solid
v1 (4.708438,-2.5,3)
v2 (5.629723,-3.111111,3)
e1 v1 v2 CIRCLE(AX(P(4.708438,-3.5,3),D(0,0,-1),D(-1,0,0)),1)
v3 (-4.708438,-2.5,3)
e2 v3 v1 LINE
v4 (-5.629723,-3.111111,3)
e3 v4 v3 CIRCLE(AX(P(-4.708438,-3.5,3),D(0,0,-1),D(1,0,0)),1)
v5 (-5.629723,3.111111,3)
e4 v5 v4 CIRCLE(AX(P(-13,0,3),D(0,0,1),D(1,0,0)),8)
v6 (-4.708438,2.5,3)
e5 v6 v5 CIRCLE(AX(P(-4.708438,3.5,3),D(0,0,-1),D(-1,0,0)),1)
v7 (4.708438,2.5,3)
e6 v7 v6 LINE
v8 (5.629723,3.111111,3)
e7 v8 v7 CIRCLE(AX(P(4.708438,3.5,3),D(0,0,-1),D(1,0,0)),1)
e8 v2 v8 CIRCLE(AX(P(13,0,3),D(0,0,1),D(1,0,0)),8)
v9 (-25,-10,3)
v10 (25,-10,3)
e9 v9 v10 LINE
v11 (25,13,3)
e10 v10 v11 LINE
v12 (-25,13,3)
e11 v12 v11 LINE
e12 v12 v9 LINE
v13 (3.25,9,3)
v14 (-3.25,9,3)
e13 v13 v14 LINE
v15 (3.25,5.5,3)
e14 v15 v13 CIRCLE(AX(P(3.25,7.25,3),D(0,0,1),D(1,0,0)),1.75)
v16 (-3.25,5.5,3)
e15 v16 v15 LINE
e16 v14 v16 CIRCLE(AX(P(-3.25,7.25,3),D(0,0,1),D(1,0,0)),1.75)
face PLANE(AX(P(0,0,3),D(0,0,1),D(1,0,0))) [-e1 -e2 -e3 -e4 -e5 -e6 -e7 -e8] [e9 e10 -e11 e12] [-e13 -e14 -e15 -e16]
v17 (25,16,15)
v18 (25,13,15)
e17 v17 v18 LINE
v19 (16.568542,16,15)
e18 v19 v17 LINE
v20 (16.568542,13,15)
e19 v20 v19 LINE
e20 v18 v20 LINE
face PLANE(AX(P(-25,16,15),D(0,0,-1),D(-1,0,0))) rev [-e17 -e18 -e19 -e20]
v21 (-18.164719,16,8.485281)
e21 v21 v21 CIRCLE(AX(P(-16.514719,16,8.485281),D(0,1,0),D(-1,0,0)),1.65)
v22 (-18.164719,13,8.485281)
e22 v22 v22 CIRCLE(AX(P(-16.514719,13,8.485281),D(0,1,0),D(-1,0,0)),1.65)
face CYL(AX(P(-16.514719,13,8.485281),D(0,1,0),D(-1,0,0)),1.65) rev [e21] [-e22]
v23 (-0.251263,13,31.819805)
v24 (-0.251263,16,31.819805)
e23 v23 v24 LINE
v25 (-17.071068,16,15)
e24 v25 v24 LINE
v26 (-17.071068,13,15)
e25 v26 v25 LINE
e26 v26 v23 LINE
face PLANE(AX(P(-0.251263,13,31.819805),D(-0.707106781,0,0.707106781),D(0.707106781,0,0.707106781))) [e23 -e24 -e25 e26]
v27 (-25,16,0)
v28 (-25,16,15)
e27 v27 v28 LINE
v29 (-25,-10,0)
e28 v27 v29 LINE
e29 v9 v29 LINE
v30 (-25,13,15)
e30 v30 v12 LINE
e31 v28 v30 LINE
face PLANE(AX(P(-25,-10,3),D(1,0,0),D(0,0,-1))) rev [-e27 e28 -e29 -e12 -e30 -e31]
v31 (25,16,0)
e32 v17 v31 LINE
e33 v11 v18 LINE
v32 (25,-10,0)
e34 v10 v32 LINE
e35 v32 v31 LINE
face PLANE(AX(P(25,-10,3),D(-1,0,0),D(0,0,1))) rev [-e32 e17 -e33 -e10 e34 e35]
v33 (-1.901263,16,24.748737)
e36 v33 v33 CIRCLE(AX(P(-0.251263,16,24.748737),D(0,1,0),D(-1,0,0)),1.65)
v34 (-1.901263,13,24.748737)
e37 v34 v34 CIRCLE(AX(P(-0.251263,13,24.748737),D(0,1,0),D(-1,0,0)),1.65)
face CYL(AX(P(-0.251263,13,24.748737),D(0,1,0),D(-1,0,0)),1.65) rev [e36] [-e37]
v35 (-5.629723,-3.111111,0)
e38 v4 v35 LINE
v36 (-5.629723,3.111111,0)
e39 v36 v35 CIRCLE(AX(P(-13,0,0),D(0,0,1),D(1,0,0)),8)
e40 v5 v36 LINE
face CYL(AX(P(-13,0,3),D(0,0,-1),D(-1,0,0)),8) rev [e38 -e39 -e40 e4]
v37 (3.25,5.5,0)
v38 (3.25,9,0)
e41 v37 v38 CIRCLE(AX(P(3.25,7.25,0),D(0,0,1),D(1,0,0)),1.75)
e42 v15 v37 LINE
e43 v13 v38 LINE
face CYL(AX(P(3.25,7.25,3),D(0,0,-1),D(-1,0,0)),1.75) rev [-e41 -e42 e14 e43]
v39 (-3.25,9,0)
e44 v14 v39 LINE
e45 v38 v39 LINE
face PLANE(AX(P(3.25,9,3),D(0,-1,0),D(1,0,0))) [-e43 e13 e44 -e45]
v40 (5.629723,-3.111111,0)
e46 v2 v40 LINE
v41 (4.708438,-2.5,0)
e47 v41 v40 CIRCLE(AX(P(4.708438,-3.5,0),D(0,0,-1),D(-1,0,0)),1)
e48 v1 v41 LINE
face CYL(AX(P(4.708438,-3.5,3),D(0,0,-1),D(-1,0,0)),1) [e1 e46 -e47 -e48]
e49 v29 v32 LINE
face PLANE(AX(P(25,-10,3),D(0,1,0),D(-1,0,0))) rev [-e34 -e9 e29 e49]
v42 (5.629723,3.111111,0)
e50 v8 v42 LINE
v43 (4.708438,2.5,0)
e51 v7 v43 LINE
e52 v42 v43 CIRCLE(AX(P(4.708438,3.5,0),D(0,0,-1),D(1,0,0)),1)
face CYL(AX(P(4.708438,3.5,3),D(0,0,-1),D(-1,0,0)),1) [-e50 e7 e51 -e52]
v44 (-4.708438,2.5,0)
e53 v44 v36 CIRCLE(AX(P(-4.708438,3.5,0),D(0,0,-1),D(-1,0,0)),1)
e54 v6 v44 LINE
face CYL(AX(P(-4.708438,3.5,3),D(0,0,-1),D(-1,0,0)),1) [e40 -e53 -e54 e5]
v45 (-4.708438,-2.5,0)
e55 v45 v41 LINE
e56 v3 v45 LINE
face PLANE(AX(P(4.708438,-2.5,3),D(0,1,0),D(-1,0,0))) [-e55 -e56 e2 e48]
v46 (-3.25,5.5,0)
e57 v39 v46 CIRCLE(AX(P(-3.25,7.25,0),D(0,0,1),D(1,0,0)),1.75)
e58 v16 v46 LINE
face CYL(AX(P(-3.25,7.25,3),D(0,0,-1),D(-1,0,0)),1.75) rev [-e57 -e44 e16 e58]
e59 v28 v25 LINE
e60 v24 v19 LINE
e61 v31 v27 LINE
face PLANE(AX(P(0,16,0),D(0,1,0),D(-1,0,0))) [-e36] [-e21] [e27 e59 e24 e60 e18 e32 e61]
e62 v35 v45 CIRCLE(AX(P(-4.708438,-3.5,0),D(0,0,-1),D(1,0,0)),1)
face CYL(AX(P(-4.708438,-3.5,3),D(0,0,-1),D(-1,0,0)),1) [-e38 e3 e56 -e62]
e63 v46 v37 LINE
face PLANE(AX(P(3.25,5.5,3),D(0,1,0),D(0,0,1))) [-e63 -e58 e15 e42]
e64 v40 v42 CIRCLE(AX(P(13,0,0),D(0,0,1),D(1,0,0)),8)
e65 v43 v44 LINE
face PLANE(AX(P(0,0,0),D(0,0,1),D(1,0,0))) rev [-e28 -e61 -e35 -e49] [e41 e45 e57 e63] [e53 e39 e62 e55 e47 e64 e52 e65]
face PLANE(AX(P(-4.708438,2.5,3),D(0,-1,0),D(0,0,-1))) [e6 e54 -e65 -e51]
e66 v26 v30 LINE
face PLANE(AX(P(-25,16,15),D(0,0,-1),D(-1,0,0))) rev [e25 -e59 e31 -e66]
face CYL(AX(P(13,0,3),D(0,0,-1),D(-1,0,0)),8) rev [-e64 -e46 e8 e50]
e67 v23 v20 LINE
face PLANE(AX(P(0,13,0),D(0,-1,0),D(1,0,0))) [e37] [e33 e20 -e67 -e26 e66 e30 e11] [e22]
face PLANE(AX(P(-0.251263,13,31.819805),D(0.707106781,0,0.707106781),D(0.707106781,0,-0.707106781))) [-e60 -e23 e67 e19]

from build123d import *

# Parameters (mm, degrees)
SKETCH_1_W          = 50
SKETCH_1_H          = 20
EXTRUDE_1_DEPTH     = 3
SKETCH_2_W          = 50
SKETCH_2_H          = 15
EXTRUDE_2_DEPTH     = 6
SKETCH_5_W          = 50
SKETCH_5_H          = 12
CUT_EXTRUDE_2_DEPTH = 3
SKETCH_7_R          = 1.65
EXTRUDE_3_DEPTH     = 3
SKETCH_8_R          = 1.65
CUT_EXTRUDE_3_DEPTH = 3


with BuildPart() as part:
    # 草图1 → 凸台-拉伸1 (new body)
    with BuildSketch(Plane.XY):
        Rectangle(SKETCH_1_W, SKETCH_1_H)
        with BuildLine():
            Line((-4.708438024, 2.5), (4.708438024, 2.5))
            ThreePointArc((4.708438024, 2.5), (5.261208823, 2.666666667), (5.629722688, 3.111111111))
            ThreePointArc((5.629722688, 3.111111111), (21, 0), (5.629722688, -3.111111111))
            ThreePointArc((5.629722688, -3.111111111), (5.261208823, -2.666666667), (4.708438024, -2.5))
            Line((4.708438024, -2.5), (-4.708438024, -2.5))
            ThreePointArc((-4.708438024, -2.5), (-5.261208823, -2.666666667), (-5.629722688, -3.111111111))
            ThreePointArc((-5.629722688, -3.111111111), (-21, 0), (-5.629722688, 3.111111111))
            ThreePointArc((-5.629722688, 3.111111111), (-5.261208823, 2.666666667), (-4.708438024, 2.5))
        make_face(mode=Mode.SUBTRACT)
        with BuildLine():
            Line((3.25, 5.5), (-3.25, 5.5))
            ThreePointArc((-3.25, 5.5), (-5, 7.25), (-3.25, 9))
            Line((-3.25, 9), (3.25, 9))
            ThreePointArc((3.25, 9), (5, 7.25), (3.25, 5.5))
        make_face(mode=Mode.SUBTRACT)
    extrude(amount=EXTRUDE_1_DEPTH)

    # 草图2 → 凸台-拉伸2 (add)
    with BuildSketch(Plane(origin=(0, 10, 0), x_dir=(1, 0, 0), z_dir=(0, 1, 0))):
        with Locations((0, -7.5)):
            Rectangle(SKETCH_2_W, SKETCH_2_H)
    extrude(amount=EXTRUDE_2_DEPTH)

    # 草图5 → 切除-拉伸2 (cut)
    with BuildSketch(Plane.XZ.offset(-10)):
        with Locations((0, 9)):
            Rectangle(SKETCH_5_W, SKETCH_5_H)
    extrude(amount=-CUT_EXTRUDE_2_DEPTH, mode=Mode.SUBTRACT)

    # 草图7 → 凸台-拉伸3 (add)
    with BuildSketch(Plane(origin=(0, 16, 0), x_dir=(1, 0, 0), z_dir=(0, 1, 0))):
        Polygon((-0.251262658, -31.819805153), (-17.071067812, -15), (16.568542495, -15), align=None)
        with Locations(Location((-0.251262658, -24.748737342, 0), (0, 0, 180))):
            Circle(SKETCH_7_R, mode=Mode.SUBTRACT)
    extrude(amount=-EXTRUDE_3_DEPTH)

    # 草图8 → 切除-拉伸3 (cut)
    with BuildSketch(Plane(origin=(0, 16, 0), x_dir=(1, 0, 0), z_dir=(0, 1, 0))):
        with Locations(Location((-16.514718626, -8.485281374, 0), (0, 0, 180))):
            Circle(SKETCH_8_R)
    extrude(amount=-CUT_EXTRUDE_3_DEPTH, mode=Mode.SUBTRACT)


solid = part.part
